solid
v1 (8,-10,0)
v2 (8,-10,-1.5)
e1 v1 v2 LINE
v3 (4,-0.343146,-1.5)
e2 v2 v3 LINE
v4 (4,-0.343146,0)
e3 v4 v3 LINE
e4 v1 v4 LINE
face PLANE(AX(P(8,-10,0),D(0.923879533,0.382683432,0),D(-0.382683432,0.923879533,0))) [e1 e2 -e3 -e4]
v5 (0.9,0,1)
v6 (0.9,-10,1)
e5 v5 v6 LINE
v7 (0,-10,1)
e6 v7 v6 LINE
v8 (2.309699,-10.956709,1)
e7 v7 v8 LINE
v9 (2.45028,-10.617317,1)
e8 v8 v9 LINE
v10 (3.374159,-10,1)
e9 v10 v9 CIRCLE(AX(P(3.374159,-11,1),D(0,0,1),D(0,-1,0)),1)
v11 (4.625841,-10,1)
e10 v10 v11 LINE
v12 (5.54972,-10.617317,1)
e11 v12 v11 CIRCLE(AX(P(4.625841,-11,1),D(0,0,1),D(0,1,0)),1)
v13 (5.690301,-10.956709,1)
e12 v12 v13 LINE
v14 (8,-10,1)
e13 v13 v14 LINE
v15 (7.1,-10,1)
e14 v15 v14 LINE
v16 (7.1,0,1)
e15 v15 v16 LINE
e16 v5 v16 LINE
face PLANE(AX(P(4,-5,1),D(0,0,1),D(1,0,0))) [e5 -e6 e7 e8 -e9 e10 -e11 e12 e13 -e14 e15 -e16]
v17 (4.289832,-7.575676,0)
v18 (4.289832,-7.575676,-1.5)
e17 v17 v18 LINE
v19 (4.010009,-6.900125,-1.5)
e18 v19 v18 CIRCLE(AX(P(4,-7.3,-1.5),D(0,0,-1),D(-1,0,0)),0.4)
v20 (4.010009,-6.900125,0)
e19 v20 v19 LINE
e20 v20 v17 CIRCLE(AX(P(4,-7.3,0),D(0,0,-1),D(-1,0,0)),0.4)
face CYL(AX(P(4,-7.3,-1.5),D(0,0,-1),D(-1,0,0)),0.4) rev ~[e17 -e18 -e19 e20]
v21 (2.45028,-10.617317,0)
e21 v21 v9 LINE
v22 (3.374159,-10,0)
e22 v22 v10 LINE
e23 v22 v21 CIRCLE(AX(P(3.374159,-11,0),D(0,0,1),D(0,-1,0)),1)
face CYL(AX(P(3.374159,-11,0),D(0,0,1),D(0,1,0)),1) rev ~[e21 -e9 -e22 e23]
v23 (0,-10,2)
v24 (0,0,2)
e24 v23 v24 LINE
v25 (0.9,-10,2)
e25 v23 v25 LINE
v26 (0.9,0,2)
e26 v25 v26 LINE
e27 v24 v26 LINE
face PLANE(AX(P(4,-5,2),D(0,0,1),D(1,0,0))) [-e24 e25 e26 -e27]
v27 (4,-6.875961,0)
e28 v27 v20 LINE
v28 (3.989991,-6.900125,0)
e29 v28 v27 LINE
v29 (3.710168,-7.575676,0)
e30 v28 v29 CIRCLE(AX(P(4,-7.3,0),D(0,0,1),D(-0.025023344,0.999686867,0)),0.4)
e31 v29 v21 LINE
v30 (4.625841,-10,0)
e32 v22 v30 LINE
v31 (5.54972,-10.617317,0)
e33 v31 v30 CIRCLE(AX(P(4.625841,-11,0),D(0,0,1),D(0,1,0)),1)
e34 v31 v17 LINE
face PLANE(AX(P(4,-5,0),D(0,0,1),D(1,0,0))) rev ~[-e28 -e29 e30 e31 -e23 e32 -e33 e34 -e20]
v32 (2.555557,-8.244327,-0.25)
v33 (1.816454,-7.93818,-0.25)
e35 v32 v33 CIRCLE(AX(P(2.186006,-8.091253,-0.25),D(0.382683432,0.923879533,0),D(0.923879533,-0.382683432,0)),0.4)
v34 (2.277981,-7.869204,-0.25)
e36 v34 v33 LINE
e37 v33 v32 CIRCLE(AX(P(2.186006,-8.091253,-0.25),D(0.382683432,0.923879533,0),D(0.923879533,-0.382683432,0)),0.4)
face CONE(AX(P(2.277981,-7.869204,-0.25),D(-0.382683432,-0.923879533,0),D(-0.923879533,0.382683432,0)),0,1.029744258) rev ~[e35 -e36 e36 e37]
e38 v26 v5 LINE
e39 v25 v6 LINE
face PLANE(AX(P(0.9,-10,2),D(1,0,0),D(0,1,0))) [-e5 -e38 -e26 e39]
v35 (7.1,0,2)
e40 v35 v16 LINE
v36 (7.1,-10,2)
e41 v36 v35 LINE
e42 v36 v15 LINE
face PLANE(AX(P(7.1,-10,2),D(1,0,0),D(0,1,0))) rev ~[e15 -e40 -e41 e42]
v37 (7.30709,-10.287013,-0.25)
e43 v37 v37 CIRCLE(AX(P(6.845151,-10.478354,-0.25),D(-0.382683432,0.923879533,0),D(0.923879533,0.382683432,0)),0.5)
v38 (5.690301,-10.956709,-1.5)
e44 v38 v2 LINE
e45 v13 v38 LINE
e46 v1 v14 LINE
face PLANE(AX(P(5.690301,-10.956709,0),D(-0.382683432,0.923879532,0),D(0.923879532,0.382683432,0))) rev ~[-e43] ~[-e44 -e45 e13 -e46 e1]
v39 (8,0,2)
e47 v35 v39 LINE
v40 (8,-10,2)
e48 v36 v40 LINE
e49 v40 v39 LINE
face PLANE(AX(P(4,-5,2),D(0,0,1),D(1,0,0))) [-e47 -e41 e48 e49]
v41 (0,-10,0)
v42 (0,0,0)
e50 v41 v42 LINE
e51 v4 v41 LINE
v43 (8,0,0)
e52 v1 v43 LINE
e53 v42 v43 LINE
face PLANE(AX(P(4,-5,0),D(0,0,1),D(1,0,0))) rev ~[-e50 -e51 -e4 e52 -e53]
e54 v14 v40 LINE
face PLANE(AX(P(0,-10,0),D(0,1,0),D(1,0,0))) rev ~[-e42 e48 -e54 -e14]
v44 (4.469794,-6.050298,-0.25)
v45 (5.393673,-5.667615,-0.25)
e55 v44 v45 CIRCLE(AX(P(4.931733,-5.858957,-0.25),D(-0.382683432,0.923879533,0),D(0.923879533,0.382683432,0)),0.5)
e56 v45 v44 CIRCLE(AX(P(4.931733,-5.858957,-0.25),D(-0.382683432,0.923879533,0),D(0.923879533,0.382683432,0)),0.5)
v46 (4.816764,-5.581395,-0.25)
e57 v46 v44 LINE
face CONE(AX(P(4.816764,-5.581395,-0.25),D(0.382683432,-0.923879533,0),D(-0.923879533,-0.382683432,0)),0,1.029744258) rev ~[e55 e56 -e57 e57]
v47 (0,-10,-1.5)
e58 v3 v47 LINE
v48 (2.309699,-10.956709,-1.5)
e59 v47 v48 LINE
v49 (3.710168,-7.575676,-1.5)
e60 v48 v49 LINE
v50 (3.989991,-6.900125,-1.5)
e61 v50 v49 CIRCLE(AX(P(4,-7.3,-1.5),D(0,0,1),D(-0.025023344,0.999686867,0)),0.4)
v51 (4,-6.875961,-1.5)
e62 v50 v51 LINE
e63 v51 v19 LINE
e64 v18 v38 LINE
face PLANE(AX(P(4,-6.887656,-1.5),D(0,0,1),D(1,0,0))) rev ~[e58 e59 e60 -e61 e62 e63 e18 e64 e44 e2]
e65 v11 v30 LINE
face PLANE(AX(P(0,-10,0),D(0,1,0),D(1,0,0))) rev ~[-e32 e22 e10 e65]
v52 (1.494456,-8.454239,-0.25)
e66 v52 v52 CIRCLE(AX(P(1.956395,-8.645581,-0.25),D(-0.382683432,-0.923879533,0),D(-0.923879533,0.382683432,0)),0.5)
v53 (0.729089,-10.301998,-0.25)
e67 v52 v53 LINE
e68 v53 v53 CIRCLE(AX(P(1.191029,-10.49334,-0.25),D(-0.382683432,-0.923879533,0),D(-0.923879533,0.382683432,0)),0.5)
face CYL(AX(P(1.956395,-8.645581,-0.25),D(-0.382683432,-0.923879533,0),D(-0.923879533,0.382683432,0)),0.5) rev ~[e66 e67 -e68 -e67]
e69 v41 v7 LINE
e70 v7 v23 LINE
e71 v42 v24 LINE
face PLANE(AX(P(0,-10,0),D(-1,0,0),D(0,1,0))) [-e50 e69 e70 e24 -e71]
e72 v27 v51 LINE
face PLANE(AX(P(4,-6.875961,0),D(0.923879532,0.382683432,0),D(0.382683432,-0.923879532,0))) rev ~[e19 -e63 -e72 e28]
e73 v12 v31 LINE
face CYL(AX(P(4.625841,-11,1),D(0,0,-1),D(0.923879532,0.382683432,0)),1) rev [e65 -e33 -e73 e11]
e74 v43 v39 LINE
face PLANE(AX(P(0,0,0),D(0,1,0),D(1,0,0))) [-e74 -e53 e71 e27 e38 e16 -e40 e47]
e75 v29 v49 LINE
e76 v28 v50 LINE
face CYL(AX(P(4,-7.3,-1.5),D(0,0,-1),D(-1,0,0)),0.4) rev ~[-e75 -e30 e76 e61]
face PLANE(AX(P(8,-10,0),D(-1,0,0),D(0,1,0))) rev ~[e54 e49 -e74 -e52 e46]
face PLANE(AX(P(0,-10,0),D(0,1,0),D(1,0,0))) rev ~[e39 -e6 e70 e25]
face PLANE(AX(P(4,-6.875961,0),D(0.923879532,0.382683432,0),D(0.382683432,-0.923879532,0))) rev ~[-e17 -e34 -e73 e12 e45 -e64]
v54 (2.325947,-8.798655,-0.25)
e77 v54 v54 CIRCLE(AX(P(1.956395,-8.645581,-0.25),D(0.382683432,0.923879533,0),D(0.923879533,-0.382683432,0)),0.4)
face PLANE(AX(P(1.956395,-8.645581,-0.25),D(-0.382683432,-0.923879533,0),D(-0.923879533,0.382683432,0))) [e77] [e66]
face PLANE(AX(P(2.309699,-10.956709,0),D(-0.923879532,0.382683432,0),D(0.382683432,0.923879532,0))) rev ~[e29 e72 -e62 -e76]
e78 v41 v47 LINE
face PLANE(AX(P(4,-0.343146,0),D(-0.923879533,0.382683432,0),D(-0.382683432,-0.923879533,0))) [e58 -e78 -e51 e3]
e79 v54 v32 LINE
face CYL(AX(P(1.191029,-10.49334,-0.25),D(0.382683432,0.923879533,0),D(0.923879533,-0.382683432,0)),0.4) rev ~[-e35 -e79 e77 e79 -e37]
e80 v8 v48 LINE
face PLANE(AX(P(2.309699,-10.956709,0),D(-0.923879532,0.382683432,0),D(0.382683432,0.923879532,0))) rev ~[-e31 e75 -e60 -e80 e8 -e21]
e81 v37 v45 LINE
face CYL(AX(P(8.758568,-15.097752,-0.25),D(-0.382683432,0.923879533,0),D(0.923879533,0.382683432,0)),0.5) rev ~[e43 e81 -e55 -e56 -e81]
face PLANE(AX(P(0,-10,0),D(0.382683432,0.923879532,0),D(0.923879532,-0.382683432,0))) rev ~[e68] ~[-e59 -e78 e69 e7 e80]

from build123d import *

# Parameters (mm, degrees)
SKETCH1_W                       = 8
SKETCH1_H                       = 10
BOSS_EXTRUDE1_DEPTH             = 2
SKETCH2_W                       = 6.2
SKETCH2_H                       = 10
CUT_EXTRUDE1_DEPTH              = 1
BOSS_EXTRUDE2_DEPTH             = 1.5
BOSS_EXTRUDE2_DEPTH_BACK        = 1
M1X0_2_TAPPED_HOLE1_D           = 0.8
M1X0_2_TAPPED_HOLE1_DEPTH       = 2.6
M1X0_2_TAPPED_HOLE1_CBORE_D     = 1
M1X0_2_TAPPED_HOLE1_CBORE_DEPTH = 2
M1X0_2_TAPPED_HOLE1_TIP         = 0.240344248
M1_CLEARANCE_HOLE1_D            = 1
M1_CLEARANCE_HOLE1_DEPTH        = 5
M1_CLEARANCE_HOLE1_TIP          = 0.30043031
SKETCH8_R                       = 0.4
CUT_EXTRUDE2_DEPTH              = 1.5
FILLET2_R                       = 1


with BuildPart() as part:
    # Sketch1 → Boss-Extrude1 (new body)
    with BuildSketch(Plane.XY):
        with Locations((4, -5)):
            Rectangle(SKETCH1_W, SKETCH1_H)
    extrude(amount=BOSS_EXTRUDE1_DEPTH)

    # Sketch2 → Cut-Extrude1 (cut)
    with BuildSketch(Plane.XY.offset(2)):
        with Locations((4, -5)):
            Rectangle(SKETCH2_W, SKETCH2_H)
    extrude(amount=-CUT_EXTRUDE1_DEPTH, mode=Mode.SUBTRACT)

    # Sketch3 → Boss-Extrude2 (add, two sides)
    with BuildSketch(Plane(origin=(0, 0, 0), x_dir=(-1, 0, 0), z_dir=(0, 0, -1))) as boss_extrude2_sk:
        Polygon((-8, -10), (-4, -0.343145751), (0, -10), (-2.309698831, -10.956708581), (-4, -6.875960575), (-5.690301169, -10.956708581), align=None)
    extrude(amount=BOSS_EXTRUDE2_DEPTH)
    extrude(boss_extrude2_sk.sketch, amount=-BOSS_EXTRUDE2_DEPTH_BACK)

    # M1x0.2 Tapped Hole1
    with Locations(Plane(origin=(-3.535533906, -8.535533906, 0), x_dir=(-0.923879533, 0.382683432, 0), z_dir=(-0.382683432, -0.923879533, 0))):
        with Locations((-5.115994416, 0.25)):
            CounterBoreHole(M1X0_2_TAPPED_HOLE1_D / 2, M1X0_2_TAPPED_HOLE1_CBORE_D / 2, M1X0_2_TAPPED_HOLE1_CBORE_DEPTH, depth=M1X0_2_TAPPED_HOLE1_DEPTH)
            with Locations((0, 0, -(M1X0_2_TAPPED_HOLE1_DEPTH + M1X0_2_TAPPED_HOLE1_TIP / 2))):  # 118° drill point
                Cone(0, M1X0_2_TAPPED_HOLE1_D / 2, M1X0_2_TAPPED_HOLE1_TIP, mode=Mode.SUBTRACT)

    # M1 Clearance Hole1
    with Locations(Plane(origin=(4.707106781, -11.363961031, 0), x_dir=(-0.923879533, -0.382683432, 0), z_dir=(0.382683432, -0.923879533, 0))):
        with Locations((-2.314201936, 0.25)):
            Hole(M1_CLEARANCE_HOLE1_D / 2, depth=M1_CLEARANCE_HOLE1_DEPTH)
            with Locations((0, 0, -(M1_CLEARANCE_HOLE1_DEPTH + M1_CLEARANCE_HOLE1_TIP / 2))):  # 118° drill point
                Cone(0, M1_CLEARANCE_HOLE1_D / 2, M1_CLEARANCE_HOLE1_TIP, mode=Mode.SUBTRACT)

    # Sketch8 → Cut-Extrude2 (cut)
    with BuildSketch(Plane(origin=(0, 0, -1.5), x_dir=(-1, 0, 0), z_dir=(0, 0, -1))):
        with Locations((-4, -7.3)):
            Circle(SKETCH8_R)
    extrude(amount=-CUT_EXTRUDE2_DEPTH, mode=Mode.SUBTRACT)

    # Fillet2
    fillet2_edges = [part.edges().sort_by_distance(p)[0] for p in [
        (2.705980501, -10, 0.5),
        (5.294019499, -10, 0.5),
    ]]
    fillet(fillet2_edges, radius=FILLET2_R)


solid = part.part
